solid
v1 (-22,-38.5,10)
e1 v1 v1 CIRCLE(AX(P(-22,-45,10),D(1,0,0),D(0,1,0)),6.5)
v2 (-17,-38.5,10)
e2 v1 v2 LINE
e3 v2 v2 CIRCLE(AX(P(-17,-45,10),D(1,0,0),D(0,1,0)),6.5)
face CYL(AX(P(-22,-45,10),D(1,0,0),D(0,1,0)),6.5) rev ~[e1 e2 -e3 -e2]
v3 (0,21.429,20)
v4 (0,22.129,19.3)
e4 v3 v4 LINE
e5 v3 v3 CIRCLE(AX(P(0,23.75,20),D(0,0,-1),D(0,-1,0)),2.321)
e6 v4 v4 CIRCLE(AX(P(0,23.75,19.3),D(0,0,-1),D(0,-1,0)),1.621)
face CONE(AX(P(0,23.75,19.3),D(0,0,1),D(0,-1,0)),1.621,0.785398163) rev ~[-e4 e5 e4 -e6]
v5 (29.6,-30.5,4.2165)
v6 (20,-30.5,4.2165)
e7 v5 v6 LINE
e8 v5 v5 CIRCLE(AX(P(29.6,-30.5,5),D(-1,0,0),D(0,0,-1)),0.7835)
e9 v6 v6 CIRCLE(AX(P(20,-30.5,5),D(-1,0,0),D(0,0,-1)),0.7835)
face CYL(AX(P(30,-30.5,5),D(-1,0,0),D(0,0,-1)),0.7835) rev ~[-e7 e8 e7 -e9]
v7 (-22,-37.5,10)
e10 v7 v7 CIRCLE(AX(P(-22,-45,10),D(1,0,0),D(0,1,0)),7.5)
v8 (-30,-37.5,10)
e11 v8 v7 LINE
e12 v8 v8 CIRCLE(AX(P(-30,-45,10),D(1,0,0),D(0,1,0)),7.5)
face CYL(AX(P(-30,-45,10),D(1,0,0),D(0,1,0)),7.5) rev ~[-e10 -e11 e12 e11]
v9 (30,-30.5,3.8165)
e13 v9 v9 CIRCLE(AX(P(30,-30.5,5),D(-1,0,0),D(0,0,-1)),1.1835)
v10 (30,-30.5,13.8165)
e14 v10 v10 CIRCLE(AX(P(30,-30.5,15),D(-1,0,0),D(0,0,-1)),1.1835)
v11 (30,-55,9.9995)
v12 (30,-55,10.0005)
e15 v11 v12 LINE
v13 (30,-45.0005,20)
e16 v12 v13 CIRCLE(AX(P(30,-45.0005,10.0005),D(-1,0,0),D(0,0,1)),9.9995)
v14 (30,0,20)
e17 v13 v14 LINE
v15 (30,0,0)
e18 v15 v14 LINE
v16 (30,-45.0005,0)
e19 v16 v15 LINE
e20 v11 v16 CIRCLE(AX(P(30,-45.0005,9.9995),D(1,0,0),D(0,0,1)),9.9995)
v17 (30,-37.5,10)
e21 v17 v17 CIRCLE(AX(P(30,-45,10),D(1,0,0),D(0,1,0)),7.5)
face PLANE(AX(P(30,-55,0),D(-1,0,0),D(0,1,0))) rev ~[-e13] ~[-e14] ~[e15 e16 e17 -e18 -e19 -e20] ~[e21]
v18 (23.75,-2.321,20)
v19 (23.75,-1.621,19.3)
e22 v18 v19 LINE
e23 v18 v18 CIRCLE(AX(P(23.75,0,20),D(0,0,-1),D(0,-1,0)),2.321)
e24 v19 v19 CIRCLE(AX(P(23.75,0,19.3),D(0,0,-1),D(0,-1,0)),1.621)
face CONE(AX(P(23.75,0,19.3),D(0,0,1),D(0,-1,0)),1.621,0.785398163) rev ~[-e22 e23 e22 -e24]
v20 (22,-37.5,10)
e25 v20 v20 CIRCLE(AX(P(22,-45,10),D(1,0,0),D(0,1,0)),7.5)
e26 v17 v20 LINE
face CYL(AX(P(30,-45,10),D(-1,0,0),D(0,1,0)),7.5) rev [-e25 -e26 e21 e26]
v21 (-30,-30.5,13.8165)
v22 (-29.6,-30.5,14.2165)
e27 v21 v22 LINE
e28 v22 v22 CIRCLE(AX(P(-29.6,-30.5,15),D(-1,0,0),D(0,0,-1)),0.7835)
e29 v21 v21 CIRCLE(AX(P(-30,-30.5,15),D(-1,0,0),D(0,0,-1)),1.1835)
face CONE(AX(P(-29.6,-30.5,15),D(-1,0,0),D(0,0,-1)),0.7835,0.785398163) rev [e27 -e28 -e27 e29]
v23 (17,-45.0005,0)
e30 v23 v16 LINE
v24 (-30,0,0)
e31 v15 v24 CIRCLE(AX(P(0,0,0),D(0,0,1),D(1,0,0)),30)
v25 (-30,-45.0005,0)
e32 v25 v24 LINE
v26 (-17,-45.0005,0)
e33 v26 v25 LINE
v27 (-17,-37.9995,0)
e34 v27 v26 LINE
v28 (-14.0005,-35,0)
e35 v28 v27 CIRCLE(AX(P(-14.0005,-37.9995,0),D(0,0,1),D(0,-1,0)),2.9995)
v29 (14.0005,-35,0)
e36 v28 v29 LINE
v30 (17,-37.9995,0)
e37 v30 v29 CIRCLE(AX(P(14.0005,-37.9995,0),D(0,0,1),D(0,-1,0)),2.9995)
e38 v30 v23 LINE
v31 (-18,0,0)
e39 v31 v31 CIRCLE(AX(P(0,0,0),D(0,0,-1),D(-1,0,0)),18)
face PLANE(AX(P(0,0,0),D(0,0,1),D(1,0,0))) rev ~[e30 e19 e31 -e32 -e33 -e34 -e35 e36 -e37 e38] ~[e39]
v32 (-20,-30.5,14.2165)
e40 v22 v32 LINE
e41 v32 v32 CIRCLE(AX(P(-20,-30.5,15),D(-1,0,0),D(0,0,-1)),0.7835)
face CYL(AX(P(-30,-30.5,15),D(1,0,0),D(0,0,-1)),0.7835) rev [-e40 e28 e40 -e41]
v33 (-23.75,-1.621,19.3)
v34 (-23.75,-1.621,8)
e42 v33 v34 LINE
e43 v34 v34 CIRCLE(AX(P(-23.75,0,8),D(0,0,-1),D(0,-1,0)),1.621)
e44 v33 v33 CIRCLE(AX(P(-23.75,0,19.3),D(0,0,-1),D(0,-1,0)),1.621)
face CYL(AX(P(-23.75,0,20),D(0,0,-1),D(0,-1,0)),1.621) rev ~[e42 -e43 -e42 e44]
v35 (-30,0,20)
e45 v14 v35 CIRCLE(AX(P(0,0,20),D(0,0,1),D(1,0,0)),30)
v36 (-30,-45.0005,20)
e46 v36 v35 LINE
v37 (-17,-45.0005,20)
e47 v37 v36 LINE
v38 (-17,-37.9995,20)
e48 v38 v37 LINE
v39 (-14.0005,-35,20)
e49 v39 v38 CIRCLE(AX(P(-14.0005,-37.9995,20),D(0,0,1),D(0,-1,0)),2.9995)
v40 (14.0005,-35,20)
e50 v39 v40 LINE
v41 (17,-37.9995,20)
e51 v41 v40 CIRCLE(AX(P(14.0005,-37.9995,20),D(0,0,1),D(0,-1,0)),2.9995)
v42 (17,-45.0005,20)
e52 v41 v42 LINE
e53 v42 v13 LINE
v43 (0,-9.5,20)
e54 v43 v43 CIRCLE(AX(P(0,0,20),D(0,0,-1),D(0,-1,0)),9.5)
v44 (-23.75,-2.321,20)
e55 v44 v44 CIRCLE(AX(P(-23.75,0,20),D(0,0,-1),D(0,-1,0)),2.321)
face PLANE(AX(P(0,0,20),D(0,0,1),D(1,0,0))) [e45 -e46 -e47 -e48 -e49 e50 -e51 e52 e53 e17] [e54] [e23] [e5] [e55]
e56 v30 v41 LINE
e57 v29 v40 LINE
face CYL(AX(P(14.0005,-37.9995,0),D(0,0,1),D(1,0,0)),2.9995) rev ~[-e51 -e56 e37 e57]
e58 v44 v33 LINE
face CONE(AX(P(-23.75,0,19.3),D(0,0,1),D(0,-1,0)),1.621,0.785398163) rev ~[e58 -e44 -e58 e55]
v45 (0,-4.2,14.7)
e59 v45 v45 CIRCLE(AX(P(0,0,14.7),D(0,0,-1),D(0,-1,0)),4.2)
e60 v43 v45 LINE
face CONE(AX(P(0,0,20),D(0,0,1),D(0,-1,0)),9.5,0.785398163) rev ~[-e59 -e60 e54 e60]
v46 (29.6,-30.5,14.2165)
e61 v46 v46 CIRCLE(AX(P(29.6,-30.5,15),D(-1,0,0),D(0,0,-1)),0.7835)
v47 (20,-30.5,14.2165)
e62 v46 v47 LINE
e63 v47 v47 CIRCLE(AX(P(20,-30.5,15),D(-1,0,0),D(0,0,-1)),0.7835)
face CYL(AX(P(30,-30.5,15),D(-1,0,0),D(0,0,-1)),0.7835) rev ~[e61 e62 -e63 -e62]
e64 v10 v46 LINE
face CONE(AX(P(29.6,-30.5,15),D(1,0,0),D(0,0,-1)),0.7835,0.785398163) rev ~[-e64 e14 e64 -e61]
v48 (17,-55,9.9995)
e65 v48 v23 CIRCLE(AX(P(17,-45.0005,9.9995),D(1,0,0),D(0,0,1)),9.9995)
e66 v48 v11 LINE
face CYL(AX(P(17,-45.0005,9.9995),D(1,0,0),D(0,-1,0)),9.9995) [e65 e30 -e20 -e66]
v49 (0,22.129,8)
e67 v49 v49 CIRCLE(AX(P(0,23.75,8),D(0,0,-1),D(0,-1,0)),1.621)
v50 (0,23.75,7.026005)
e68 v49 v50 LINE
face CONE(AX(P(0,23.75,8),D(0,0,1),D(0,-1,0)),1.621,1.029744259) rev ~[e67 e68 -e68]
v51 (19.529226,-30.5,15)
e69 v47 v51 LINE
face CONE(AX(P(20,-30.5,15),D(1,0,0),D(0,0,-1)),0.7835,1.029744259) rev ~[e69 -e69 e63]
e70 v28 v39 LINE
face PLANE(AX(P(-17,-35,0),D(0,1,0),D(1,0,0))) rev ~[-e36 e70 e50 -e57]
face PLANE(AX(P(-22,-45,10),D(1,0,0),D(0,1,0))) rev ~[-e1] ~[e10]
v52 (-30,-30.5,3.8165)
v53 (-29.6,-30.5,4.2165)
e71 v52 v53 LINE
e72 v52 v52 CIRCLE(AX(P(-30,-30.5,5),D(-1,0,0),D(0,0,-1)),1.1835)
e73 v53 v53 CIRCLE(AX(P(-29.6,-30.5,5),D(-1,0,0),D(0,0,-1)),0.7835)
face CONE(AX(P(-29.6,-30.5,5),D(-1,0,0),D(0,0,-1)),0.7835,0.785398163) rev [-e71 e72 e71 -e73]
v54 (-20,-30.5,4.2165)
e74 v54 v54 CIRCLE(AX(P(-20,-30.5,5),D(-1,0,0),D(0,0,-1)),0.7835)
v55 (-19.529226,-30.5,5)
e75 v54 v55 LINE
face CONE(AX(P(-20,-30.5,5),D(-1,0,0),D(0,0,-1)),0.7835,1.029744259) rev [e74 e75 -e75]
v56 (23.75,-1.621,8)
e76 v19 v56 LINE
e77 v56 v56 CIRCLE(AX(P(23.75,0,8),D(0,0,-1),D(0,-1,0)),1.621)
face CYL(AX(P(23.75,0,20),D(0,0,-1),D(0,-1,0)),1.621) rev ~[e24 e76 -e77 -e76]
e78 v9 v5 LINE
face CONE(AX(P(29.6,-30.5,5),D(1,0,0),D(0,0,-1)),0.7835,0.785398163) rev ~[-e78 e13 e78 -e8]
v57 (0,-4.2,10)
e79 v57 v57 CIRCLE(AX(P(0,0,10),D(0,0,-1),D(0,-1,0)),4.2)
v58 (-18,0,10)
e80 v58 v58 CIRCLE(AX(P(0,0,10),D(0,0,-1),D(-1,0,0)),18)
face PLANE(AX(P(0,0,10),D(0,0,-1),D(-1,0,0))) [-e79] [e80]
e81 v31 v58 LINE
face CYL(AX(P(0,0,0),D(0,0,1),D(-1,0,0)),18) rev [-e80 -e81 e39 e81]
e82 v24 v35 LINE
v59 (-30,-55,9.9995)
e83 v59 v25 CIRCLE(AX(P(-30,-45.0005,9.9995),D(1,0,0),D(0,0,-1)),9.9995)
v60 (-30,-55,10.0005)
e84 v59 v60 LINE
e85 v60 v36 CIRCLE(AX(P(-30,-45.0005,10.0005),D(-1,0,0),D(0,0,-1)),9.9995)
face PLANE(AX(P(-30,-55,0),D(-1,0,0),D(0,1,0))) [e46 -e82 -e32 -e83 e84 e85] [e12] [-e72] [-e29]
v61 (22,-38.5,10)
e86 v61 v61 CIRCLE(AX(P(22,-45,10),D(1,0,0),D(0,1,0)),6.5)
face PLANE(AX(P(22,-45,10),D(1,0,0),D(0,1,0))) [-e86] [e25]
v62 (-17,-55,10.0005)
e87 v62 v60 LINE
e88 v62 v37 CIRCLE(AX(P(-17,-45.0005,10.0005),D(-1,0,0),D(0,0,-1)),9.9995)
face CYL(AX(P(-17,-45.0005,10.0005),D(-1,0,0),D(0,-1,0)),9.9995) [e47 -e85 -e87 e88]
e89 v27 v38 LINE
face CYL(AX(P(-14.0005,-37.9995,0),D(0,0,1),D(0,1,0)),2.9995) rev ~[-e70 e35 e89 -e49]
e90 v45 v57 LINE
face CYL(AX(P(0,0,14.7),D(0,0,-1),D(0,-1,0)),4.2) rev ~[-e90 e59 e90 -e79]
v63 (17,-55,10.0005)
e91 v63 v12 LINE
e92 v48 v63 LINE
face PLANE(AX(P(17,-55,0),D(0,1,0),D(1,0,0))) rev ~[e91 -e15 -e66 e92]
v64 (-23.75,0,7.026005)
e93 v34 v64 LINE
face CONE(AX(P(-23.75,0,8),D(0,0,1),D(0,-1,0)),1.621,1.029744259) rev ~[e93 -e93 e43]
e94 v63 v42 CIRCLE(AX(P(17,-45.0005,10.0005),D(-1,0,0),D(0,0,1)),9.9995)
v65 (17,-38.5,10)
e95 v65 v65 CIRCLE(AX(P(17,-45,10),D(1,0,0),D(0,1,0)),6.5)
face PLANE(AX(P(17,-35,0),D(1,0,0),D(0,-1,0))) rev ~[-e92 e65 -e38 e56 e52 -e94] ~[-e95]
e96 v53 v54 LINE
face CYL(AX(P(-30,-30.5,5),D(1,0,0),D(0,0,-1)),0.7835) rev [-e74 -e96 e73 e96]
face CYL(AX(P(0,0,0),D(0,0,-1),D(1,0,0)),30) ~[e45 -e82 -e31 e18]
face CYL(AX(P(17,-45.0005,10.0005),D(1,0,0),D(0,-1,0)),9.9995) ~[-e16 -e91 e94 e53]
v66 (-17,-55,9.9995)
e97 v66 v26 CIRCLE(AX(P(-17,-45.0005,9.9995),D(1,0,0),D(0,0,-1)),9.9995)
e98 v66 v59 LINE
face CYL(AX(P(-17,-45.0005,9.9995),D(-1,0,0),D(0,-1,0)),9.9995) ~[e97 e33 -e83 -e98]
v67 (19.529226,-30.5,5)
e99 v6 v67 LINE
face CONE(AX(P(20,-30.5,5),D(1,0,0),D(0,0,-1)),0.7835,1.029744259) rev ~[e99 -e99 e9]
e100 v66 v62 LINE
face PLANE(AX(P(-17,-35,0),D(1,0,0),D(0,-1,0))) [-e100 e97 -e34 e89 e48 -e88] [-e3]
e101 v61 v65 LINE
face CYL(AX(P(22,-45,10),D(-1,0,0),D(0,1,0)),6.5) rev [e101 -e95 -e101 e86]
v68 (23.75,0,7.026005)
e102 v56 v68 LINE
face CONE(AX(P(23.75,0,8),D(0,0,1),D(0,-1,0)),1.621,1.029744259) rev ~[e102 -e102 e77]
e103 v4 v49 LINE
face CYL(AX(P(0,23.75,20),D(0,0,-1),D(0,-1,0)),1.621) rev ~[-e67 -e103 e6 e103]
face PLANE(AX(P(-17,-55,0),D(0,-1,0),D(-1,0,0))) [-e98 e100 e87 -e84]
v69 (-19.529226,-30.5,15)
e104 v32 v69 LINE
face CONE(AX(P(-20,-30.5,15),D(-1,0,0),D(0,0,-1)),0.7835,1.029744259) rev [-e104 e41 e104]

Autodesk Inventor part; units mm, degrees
ref_plane "YZ Plane" through (0, 0, 0) normal (1, 0, 0) x (0, 1, 0)
sketch "Skizze1" plane through (0, 0, 0) normal (0, 0, 1) x (1, 0, 0)
  arc A0 (30, 0) -> (-30, 0) centre (0, 0) ccw
  line L0 (-17, -35) -> (-17, -55)
  line L1 (-17, -55) -> (-30, -55)
  line L2 (-30, -55) -> (-30, 0)
  line L3 (0, 0) -> (0, 30) construction
  line L4 (17, -35) -> (17, -55)
  line L5 (17, -55) -> (30, -55)
  line L6 (30, -55) -> (30, 0)
  line L7 (-17, -35) -> (17, -35)
  dimension "SJ_D_out" = 60
  dimension "d1" = 55
  dimension "d2" = 17
  dimension "d3" = 35
  dimension "d34" = 13
extrude "Grundform" add sketch "Skizze1" along normal blind 20
fillet "Konturverrundungen" radius 10 4 edges at (-23.5, -55, 20) (23.5, -55, 20) (-23.5, -55, 0) (23.5, -55, 0)
fillet "Konturverrundungen" radius 3 2 edges at (-17, -35, 10) (17, -35, 10)
ref_plane "Konstruktionshilfsebene" through (0, 0, 0) normal (0, -1, 0) x (1, 0, 0)
ref_plane "Arbeitsebene1" through (0, 30, 0) normal (0, -1, 0) x (1, 0, 0)
sketch "Skizze2" plane through (0, 0, 0) normal (0, -1, 0) x (1, 0, 0)
  line L0 (-30, 0) -> (-17, 0) construction
  line L1 (-18, 0) -> (-18, 10)
  line L2 (-17, 20) -> (-17, 0) construction
  line L3 (-18, 10) -> (0, 10)
  line L4 (0, 10) -> (0, 0)
  line L5 (-17, 0) -> (-14, 0) construction
  line L6 (-18, 0) -> (0, 0)
  dimension "d11" = 36
  dimension "d12" = 10
revolve "Wellenaufnahme" cut sketch "Skizze2" angle 360 about axis through (0, 0, 10) along (0, 0, -1)
sketch "Skizze3" plane through (0, 0, 20) normal (0, 0, 1) x (1, 0, 0)
  point P0 (0, 0)
  point P1 (0, 0)
hole "Senkung für M8 Innensechskantschraube" at (0, 0, 20) direction (0, 0, -1) diameter 8.4 end through all countersink diameter 19 countersink angle 90 clearance for "Innensechskant-Senkkopfschraube DIN EN ISO 10642" size "M8" standard "DIN"
ref_plane "Konstruktionshilfsebene:2" through (0, 0, 10) normal (0, 0, -1) x (-1, 0, 0)
sketch "Skizze4" plane through (0, 0, 10) normal (0, 0, -1) x (-1, 0, 0)
  line L0 (-30, -45) -> (-30, 0) construction
  line L1 (-17, -38.5) -> (-17, -45)
  line L2 (-30, -45) -> (-17, -45) projected
  line L3 (-17, -45) -> (-30, -45)
  line L4 (-30, -45) -> (-30, -37.5)
  line L5 (0, 0) -> (0, -35) construction
  line L6 (14, -35) -> (-14, -35) construction
  line L7 (-17, -38) -> (-17, -45) construction
  line L8 (42, -45) -> (-42, -45) construction
  line L9 (-30, -37.5) -> (-22, -37.5)
  line L10 (-22, -37.5) -> (-22, -38.5)
  line L11 (-22, -38.5) -> (-17, -38.5)
  line L12 (17, -38.5) -> (17, -45)
  line L13 (30, -45) -> (17, -45)
  line L14 (17, -45) -> (30, -45)
  line L15 (30, -45) -> (30, -37.5)
  line L16 (30, -37.5) -> (22, -37.5)
  line L17 (22, -37.5) -> (22, -38.5)
  line L18 (22, -38.5) -> (17, -38.5)
  dimension "d35" = 13
  dimension "d39" = 15
  dimension "d40" = 8
revolve "Axial-Radial Nadellager Innenprofil" cut sketch "Skizze4" angle 360 about axis through (8.5, -45, 10) along (1, 0, 0)
sketch "Skizze5" plane through (30, 0, 20) normal (1, 0, 0) x (0, 0, -1)
  circle A0 centre (5, -30.5) radius 1.2 construction
  circle A1 centre (15, -30.5) radius 1.2 construction
  point P0 (20, 0)
hole "Gewinde_Keine_ISO Metrisches Profil_2_Winkel(2)" at (30, -30.5, 15) at (30, -30.5, 5) direction (-1, 0, 0) diameter 1.567 depth 10 tip angle 118 thread size "M2x0.4" class "6H" standard "ISO Metric profile"
ref_plane "Spiegelebene" through (0, 0, 20) normal (1, 0, 0) x (0, 0, -1)
mirror "Gewindebohrung gespiegelt" about plane through (0, 0, 20) normal (1, 0, 0) of "Gewinde_Keine_ISO Metrisches Profil_2_Winkel(2)"
chamfer "Ansenkung Gewindebohrung M2x0,4mm" distance 0.4 angle 45 4 edges at (30, -30.5, 15.7835) (30, -30.5, 5.7835) (-30, -30.5, 15.7835) (-30, -30.5, 5.7835)
sketch "Sketch6" plane through (0, 0, 20) normal (0, 0, 1) x (1, 0, 0)
  circle A0 centre (0, 0) radius 4.2 construction
  circle A1 centre (0, 0) radius 23.75 construction
  circle A2 centre (0, 0) radius 9.5 construction
  line L0 (0, 0) -> (0, 23.75) construction
  line L1 (23.75, 0) -> (-23.75, 0) construction
  line L2 (0, 0) -> (23.75, 0) construction
  dimension "FixHole_Rad" = 23.75
  dimension "FixHole_Side_Angle" = 90
hole "Hole3" at (0, 23.75, 20) at (-23.75, 0, 20) at (23.75, 0, 20) direction (0, 0, -1) diameter 3.242 depth 12 tip angle 118 thread size "M4x0.7" class "6H" standard "ISO Metric profile"
chamfer "Chamfer2" distance 0.7 angle 45 3 edges at (-23.75, 1.621, 20) (23.75, 1.621, 20) (0, 25.371, 20)
ref_plane "Arbeitsebene5" through (0, 0, 20) normal (1, 0, 0) x (0, 0, -1)
equation "\"d6\" = 0.5 * d4"
equation "\"d4\" = 20"
properties part number "Shoulder_Joint_v2" material "PVC-Piping"
